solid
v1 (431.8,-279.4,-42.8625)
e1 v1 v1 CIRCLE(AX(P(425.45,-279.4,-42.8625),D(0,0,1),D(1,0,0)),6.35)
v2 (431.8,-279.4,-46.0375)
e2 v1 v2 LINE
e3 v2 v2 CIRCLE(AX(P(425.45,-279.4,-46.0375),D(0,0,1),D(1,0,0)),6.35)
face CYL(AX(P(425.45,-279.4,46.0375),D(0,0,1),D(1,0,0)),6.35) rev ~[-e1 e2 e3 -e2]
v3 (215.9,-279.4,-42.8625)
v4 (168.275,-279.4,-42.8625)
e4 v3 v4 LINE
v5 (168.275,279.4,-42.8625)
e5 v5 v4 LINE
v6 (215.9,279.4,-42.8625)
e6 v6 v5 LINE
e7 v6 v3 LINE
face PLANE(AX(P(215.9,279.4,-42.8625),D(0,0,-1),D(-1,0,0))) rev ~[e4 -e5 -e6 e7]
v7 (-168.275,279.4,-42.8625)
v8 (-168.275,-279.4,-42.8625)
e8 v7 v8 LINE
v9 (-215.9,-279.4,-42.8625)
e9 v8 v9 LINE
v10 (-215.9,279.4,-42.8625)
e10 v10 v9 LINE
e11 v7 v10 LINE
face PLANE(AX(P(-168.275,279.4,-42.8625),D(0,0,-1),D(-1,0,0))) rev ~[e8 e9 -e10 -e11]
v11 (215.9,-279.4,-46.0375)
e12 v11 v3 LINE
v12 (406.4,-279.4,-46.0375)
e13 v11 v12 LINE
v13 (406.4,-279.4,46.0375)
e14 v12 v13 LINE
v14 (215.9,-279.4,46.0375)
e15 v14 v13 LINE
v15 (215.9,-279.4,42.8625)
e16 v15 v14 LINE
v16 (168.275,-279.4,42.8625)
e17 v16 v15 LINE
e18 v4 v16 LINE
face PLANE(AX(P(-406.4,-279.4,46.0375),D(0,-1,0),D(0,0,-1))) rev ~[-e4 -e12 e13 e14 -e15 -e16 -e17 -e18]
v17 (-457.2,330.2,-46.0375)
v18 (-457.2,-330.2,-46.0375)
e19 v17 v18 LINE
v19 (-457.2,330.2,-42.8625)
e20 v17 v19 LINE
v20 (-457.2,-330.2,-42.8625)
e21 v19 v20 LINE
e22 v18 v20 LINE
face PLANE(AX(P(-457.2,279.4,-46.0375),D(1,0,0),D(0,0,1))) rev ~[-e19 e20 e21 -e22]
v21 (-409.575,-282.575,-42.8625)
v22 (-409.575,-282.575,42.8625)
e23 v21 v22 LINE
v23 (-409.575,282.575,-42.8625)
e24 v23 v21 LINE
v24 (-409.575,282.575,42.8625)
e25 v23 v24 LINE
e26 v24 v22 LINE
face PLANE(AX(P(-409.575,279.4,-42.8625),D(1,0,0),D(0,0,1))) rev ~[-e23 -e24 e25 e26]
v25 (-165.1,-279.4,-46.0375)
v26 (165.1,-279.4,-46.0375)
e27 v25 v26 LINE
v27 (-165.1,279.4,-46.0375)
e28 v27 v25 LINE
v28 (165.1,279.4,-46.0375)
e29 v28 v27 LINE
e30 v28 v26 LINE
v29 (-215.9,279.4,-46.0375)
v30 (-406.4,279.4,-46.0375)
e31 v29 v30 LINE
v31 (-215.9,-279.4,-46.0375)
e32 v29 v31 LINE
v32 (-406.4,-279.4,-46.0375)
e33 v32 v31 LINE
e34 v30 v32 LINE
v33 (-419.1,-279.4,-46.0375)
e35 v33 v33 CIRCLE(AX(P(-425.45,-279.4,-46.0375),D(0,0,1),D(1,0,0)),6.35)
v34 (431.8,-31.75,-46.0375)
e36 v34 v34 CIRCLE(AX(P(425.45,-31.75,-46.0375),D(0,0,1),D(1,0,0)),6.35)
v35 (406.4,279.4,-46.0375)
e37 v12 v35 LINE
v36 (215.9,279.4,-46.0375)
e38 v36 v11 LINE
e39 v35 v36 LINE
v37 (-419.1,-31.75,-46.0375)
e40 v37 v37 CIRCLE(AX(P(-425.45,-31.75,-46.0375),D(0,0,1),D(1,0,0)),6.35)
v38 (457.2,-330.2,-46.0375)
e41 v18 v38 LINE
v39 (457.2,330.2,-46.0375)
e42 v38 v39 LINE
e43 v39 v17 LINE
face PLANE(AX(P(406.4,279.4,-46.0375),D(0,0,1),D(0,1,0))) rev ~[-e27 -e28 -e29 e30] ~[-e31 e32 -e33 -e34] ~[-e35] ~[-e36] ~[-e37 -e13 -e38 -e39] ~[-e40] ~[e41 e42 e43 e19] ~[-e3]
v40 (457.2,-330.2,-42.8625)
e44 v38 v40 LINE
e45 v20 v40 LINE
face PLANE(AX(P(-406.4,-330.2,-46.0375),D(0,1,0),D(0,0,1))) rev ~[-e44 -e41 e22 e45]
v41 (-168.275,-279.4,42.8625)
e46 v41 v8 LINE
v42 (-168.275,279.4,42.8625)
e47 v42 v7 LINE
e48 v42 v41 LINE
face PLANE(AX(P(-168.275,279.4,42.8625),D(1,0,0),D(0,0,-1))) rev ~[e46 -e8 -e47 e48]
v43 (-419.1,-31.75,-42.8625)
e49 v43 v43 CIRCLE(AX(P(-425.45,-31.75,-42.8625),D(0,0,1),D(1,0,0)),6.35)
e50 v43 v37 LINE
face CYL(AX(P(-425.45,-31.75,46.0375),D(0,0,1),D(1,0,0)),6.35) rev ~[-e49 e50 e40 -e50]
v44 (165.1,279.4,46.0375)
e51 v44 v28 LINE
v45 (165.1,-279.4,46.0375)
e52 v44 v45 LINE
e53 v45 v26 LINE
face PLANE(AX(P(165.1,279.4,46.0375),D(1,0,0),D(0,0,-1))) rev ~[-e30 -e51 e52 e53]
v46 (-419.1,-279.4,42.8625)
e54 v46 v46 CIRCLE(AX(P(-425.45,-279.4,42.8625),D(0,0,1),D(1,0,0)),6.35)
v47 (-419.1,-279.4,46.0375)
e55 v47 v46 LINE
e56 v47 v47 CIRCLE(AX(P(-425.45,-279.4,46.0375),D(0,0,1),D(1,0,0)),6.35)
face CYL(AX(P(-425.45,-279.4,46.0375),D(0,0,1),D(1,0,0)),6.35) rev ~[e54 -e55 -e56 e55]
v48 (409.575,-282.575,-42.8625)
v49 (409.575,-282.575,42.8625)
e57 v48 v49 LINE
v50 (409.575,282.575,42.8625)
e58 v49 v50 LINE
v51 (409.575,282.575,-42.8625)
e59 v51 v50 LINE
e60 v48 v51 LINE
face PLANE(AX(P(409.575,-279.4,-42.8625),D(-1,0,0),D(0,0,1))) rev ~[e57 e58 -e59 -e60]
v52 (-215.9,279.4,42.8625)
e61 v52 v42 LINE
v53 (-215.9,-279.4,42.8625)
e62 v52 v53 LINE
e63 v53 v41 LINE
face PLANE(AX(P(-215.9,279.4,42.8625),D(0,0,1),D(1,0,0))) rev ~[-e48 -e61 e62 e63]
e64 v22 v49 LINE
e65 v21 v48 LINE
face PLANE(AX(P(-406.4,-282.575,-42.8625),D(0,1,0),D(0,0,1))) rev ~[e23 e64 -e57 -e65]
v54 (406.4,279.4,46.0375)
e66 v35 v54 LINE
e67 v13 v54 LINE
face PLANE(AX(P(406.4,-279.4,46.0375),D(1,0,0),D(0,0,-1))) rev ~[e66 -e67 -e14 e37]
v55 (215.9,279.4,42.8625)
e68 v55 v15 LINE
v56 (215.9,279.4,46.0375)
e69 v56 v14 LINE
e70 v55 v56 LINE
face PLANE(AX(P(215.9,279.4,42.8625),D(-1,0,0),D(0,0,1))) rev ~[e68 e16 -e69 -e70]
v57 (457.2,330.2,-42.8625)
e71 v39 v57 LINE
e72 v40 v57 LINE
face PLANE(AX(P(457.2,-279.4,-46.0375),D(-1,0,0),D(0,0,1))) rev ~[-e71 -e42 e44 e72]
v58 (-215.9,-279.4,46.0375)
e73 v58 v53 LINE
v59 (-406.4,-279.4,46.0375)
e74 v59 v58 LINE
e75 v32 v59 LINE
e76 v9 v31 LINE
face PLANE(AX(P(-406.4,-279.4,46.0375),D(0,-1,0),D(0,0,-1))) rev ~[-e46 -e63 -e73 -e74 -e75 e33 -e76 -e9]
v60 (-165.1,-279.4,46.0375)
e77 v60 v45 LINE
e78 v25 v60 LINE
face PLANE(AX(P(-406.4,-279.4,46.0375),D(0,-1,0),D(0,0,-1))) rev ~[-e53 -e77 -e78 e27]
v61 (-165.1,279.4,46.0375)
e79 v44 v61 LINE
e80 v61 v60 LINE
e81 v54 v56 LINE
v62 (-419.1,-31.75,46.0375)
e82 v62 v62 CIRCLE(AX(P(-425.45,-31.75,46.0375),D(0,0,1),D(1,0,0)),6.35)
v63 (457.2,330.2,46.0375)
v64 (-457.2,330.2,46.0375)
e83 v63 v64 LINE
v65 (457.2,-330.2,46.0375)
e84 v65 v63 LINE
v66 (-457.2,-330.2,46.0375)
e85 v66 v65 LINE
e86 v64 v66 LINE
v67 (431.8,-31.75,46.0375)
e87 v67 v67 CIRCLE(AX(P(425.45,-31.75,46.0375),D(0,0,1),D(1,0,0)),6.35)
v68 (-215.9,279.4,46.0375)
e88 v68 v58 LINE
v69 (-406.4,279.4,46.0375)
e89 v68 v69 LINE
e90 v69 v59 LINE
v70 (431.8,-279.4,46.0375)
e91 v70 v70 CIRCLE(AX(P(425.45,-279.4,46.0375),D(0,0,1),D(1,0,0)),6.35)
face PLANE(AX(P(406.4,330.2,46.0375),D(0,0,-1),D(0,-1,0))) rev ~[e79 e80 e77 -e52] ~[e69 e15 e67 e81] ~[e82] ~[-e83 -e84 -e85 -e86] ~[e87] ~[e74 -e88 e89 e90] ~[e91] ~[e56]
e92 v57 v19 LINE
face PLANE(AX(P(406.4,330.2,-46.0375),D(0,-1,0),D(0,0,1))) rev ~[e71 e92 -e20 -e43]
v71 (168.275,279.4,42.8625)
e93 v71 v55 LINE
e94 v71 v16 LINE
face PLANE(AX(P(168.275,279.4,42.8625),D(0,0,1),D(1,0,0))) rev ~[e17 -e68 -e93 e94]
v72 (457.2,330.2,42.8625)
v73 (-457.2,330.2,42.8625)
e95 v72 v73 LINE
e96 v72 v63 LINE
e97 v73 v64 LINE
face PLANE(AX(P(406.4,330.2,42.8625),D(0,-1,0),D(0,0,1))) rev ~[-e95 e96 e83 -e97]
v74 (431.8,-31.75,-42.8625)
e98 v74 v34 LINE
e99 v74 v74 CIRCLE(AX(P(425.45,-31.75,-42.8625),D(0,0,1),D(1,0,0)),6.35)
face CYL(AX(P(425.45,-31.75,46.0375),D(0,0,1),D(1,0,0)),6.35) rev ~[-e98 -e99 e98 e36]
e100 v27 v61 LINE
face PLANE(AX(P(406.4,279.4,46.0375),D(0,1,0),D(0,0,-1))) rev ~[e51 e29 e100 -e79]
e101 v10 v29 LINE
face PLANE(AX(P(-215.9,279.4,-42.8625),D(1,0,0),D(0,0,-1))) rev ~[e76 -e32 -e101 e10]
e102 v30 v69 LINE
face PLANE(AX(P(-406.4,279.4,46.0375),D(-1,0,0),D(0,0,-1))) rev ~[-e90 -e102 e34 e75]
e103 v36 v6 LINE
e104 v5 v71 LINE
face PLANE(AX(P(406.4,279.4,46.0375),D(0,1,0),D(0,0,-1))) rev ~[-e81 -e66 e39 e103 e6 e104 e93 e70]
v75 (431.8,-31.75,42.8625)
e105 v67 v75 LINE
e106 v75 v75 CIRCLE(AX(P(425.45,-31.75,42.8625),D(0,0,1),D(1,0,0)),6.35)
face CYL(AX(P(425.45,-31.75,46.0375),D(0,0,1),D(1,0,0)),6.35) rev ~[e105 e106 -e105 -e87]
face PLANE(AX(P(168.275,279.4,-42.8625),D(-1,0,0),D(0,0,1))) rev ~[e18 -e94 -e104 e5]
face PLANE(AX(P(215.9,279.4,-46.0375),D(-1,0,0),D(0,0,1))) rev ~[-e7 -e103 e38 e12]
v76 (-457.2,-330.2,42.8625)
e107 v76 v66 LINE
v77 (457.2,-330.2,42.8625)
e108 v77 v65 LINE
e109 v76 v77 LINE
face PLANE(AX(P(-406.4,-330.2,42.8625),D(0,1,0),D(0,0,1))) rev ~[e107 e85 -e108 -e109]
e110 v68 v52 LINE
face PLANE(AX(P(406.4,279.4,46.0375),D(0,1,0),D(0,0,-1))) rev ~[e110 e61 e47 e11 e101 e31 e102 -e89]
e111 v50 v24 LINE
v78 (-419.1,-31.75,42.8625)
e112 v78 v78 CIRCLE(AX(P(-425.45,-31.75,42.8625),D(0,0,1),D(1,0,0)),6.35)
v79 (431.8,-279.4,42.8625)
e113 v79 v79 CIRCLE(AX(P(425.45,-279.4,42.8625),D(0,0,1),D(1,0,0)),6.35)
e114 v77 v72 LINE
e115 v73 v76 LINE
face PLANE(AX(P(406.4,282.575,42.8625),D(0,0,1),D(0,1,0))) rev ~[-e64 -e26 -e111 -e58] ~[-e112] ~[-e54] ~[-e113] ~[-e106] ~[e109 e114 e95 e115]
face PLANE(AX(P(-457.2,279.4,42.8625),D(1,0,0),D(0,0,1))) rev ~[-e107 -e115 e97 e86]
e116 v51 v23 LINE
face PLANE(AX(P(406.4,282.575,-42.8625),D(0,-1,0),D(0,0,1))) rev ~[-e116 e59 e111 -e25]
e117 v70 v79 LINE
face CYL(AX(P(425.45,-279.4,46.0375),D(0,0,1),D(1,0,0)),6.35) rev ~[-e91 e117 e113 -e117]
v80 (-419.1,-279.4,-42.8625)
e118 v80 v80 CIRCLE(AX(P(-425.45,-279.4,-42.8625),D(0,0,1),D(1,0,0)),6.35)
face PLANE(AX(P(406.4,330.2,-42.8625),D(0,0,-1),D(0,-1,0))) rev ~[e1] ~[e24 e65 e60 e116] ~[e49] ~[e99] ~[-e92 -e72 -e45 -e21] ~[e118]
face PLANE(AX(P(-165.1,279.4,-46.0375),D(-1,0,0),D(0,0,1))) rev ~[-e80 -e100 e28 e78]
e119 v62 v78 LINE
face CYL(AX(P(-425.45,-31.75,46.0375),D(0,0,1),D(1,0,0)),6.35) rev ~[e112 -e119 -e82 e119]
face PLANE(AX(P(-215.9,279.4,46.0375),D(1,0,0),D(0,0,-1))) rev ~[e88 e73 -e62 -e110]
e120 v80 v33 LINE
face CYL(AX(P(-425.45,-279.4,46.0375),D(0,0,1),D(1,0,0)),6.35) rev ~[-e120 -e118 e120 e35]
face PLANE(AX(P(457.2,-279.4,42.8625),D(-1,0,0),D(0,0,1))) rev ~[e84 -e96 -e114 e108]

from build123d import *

# Parameters (mm, degrees)
F4_DEPTH = 558.8
F5_R     = 6.35
F6_DEPTH = 92.076


with BuildPart() as f2:
    # F2: sweep along a path in F0
    with BuildLine(Plane.XY) as f2_path:
        Line((406.4, 279.4), (-406.4, 279.4))
        Line((-406.4, 279.4), (-406.4, -279.4))
        Line((-406.4, -279.4), (406.4, -279.4))
        Line((406.4, -279.4), (406.4, 279.4))
    # F1 (on Front) → F2 (sweep)
    with BuildSketch(Plane.XZ):
        Polygon((406.4, 46.0375), (406.4, 0), (406.4, -46.0375), (457.2, -46.0375), (457.2, -42.8625), (409.575, -42.8625), (409.575, 42.8625), (457.2, 42.8625), (457.2, 46.0375), align=None)
    sweep(path=f2_path.line, transition=Transition.RIGHT)

    # F3 (on face) → F4 (join, through all)
    with BuildSketch(Plane.XZ.offset(-279.4)):
        Polygon((-165.1, 46.0375), (-215.9, 46.0375), (-215.9, 42.8625), (-168.275, 42.8625), (-168.275, -42.8625), (-215.9, -42.8625), (-215.9, -46.0375), (-165.1, -46.0375), align=None)
        Polygon((165.1, -46.0375), (215.9, -46.0375), (215.9, -42.8625), (168.275, -42.8625), (168.275, 42.8625), (215.9, 42.8625), (215.9, 46.0375), (165.1, 46.0375), align=None)
    extrude(amount=F4_DEPTH)

    # F5 (on face) → F6 (cut, through all)
    with BuildSketch(Plane.XY.offset(46.0375)):
        with Locations((-425.45, -279.4)):
            Circle(F5_R)
        with Locations((-425.45, -31.75)):
            Circle(F5_R)
        with Locations((425.45, -279.4)):
            Circle(F5_R)
        with Locations((425.45, -31.75)):
            Circle(F5_R)
    extrude(amount=-F6_DEPTH, mode=Mode.SUBTRACT)


solid = f2.part
